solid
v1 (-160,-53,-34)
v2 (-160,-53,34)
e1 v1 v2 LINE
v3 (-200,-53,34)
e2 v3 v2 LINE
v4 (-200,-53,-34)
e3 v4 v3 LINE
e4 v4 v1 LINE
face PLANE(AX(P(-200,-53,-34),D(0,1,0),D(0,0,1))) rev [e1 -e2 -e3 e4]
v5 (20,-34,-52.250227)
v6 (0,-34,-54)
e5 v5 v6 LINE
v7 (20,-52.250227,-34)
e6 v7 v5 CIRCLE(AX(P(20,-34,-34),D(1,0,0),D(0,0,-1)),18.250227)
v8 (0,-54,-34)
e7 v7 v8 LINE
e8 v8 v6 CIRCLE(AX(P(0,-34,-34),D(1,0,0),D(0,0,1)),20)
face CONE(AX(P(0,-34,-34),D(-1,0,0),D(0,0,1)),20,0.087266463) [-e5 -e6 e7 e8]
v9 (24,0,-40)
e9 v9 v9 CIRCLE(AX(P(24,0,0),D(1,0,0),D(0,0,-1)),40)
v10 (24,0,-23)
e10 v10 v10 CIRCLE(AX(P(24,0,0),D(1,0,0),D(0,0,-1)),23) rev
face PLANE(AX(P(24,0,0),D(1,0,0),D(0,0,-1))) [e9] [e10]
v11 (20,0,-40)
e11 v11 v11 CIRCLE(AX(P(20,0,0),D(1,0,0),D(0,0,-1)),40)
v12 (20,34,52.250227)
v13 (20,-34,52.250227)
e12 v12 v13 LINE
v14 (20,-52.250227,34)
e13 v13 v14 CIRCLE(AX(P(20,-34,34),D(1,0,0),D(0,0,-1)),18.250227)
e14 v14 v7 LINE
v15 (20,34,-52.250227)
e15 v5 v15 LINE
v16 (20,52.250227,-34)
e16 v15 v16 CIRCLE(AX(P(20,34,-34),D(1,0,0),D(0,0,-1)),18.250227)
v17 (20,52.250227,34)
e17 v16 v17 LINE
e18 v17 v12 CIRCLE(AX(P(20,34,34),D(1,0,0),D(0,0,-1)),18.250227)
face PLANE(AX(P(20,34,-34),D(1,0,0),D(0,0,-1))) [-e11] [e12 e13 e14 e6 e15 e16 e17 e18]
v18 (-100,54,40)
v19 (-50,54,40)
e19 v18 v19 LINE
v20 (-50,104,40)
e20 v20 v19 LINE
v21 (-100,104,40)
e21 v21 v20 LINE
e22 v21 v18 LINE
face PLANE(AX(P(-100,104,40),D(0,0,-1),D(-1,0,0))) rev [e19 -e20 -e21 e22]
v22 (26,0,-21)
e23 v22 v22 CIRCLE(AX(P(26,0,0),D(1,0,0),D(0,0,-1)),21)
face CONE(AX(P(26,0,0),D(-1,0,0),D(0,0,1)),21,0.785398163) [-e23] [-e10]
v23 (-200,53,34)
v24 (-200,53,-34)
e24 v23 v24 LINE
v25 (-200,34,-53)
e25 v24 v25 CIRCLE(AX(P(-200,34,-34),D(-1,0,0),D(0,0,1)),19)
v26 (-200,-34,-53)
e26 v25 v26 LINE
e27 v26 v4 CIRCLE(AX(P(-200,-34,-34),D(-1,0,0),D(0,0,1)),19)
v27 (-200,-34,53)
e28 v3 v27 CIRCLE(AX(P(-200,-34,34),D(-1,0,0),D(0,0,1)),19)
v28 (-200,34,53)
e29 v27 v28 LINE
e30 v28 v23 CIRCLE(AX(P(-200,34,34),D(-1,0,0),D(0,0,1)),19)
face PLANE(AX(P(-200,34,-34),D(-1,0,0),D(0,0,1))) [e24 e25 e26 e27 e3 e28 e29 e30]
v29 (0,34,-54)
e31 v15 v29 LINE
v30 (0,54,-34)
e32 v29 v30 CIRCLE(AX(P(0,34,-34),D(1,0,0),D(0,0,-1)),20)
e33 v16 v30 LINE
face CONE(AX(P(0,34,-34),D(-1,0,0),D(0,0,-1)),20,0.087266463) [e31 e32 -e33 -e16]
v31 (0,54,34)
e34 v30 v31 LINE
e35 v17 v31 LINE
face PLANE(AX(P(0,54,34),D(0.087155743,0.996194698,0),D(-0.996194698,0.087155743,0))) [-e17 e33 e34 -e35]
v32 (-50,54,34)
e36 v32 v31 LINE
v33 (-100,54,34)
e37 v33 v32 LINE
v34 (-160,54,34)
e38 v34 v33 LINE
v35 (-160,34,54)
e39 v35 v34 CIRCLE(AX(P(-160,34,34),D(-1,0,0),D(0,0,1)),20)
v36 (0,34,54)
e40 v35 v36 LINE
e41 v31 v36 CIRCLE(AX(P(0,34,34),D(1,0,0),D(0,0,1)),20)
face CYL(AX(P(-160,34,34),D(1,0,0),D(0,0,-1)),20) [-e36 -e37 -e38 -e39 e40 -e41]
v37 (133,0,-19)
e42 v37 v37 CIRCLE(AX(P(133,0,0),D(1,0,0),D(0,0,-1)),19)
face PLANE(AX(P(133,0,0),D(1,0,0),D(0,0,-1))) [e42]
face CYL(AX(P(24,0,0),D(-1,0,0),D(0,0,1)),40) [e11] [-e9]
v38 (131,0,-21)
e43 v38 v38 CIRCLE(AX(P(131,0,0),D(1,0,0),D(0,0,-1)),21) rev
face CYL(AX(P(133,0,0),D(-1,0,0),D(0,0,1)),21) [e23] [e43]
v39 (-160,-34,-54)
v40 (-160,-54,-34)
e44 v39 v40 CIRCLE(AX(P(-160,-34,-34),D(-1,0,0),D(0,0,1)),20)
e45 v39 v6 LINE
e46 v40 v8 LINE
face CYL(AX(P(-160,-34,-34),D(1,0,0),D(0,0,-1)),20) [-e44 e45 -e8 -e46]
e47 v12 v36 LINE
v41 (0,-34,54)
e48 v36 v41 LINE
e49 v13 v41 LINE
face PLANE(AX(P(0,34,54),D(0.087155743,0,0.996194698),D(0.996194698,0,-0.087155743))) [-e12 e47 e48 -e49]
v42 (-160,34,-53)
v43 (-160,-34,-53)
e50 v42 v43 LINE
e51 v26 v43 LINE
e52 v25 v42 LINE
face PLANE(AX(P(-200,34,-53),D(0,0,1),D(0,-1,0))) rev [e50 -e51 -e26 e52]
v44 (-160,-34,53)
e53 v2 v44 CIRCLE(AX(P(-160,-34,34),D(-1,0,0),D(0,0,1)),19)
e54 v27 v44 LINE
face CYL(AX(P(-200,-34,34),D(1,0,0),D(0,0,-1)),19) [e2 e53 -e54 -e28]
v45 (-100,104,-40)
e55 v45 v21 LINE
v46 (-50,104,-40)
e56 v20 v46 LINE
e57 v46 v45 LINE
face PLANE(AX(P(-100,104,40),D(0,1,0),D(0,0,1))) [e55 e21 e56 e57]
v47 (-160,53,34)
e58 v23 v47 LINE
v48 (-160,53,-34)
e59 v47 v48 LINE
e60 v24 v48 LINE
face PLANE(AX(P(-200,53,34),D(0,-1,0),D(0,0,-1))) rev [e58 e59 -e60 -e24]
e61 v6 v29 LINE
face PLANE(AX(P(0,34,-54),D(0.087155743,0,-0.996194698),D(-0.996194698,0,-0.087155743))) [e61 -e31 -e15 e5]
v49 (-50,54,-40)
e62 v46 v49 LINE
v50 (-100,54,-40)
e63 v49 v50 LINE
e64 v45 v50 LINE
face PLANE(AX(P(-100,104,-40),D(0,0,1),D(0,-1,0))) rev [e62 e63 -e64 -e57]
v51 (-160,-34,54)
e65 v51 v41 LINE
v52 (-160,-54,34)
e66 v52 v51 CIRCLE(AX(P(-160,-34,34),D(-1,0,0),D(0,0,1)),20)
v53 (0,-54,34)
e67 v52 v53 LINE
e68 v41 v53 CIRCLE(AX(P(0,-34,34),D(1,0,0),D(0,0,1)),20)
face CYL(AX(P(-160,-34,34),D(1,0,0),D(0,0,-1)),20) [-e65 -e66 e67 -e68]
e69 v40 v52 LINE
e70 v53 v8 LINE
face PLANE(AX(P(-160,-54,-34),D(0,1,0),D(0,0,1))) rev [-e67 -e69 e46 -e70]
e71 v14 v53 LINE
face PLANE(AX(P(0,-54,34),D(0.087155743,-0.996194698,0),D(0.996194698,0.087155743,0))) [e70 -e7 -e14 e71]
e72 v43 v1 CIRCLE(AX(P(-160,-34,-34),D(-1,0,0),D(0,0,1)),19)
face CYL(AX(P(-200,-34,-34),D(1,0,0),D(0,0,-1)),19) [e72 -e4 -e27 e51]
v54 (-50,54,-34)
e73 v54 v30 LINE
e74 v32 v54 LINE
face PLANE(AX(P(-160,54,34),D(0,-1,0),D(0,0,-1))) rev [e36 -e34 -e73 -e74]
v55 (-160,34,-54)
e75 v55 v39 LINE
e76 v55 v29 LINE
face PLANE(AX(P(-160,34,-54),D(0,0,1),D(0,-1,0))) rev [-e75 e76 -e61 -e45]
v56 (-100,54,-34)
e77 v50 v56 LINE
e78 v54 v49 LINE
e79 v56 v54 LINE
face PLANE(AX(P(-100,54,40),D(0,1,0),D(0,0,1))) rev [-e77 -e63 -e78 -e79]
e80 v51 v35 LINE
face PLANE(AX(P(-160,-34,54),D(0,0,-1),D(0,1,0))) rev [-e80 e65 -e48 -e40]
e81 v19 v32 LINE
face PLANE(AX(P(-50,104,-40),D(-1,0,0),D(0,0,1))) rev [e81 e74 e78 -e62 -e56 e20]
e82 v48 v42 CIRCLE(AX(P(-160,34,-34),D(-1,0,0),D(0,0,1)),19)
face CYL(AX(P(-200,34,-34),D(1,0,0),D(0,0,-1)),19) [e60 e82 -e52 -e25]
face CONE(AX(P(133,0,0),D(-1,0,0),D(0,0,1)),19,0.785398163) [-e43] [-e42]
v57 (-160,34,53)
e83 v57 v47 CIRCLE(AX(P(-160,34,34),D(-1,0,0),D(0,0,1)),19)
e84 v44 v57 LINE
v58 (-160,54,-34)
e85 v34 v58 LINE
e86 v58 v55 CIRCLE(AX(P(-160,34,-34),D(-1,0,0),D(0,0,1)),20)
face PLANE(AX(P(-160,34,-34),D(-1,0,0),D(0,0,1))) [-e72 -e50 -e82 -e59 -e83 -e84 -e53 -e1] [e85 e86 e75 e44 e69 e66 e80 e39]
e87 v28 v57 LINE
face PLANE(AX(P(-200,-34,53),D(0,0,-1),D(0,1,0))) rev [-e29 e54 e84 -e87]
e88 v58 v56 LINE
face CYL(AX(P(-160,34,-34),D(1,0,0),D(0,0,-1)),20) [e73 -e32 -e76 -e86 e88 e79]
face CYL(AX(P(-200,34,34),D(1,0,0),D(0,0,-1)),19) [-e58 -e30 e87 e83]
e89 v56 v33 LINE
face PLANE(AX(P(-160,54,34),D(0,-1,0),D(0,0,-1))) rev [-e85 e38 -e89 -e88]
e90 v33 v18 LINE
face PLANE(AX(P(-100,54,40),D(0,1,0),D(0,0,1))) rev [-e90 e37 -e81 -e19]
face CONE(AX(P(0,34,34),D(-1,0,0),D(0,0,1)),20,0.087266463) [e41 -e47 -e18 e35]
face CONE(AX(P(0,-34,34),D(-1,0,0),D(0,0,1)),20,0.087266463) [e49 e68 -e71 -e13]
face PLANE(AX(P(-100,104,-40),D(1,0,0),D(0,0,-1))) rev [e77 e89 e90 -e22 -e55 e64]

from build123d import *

# Parameters (mm, degrees)
EXTRUDE_1_DEPTH = 20
EXTRUDE_1_TAPER = 5
SKETCH_2_R      = 40
EXTRUDE_2_DEPTH = 4
SKETCH_3_R      = 21
EXTRUDE_3_DEPTH = 109
CHAMFER_1_SIZE  = 2
CHAMFER_2_SIZE  = 2
EXTRUDE_5_DEPTH = 160
SKETCH_7_W      = 50
SKETCH_7_H      = 80
EXTRUDE_6_DEPTH = 50
EXTRUDE_7_DEPTH = 40


with BuildPart() as part:
    # 草圖1 → 伸長1 (new body)
    with BuildSketch(Plane(origin=(0, 0, 0), x_dir=(0, 0, -1), z_dir=(1, 0, 0))):
        with BuildLine():
            ThreePointArc((-34, 54), (-48.142135624, 48.142135624), (-54, 34))
            Line((-54, 34), (-54, -34))
            ThreePointArc((-54, -34), (-48.142135624, -48.142135624), (-34, -54))
            Line((-34, -54), (34, -54))
            ThreePointArc((34, -54), (48.142135624, -48.142135624), (54, -34))
            Line((54, -34), (54, 34))
            ThreePointArc((54, 34), (48.142135624, 48.142135624), (34, 54))
            Line((34, 54), (-34, 54))
        make_face()
    extrude(amount=EXTRUDE_1_DEPTH, taper=EXTRUDE_1_TAPER)

    # 草圖2 → 伸長2 (add)
    with BuildSketch(Plane(origin=(20, 0, 0), x_dir=(0, 0, -1), z_dir=(1, 0, 0))):
        Circle(SKETCH_2_R)
    extrude(amount=EXTRUDE_2_DEPTH)

    # 草圖3 → 伸長3 (add)
    with BuildSketch(Plane(origin=(24, 0, 0), x_dir=(0, 0, -1), z_dir=(1, 0, 0))):
        Circle(SKETCH_3_R)
    extrude(amount=EXTRUDE_3_DEPTH)

    # 導角1
    chamfer_1_edges = [part.edges().sort_by_distance(p)[0] for p in [
        (24, 0, 21),
    ]]
    chamfer(chamfer_1_edges, length=CHAMFER_1_SIZE)

    # 導角2
    chamfer_2_edges = [part.edges().sort_by_distance(p)[0] for p in [
        (133, 0, 21),
    ]]
    chamfer(chamfer_2_edges, length=CHAMFER_2_SIZE)

    # 草圖6 → 伸長5 (add)
    with BuildSketch(Plane.ZY):
        with BuildLine():
            Line((-54, 34), (-54, -34))
            ThreePointArc((-54, -34), (-48.142135624, -48.142135624), (-34, -54))
            Line((-34, -54), (34, -54))
            ThreePointArc((34, -54), (48.142135624, -48.142135624), (54, -34))
            Line((54, -34), (54, 34))
            ThreePointArc((54, 34), (48.142135624, 48.142135624), (34, 54))
            Line((34, 54), (-34, 54))
            ThreePointArc((-34, 54), (-48.142135624, 48.142135624), (-54, 34))
        make_face()
    extrude(amount=EXTRUDE_5_DEPTH)

    # 草圖7 → 伸長6 (add)
    with BuildSketch(Plane(origin=(0, 54, 0), x_dir=(1, 0, 0), z_dir=(0, 1, 0))):
        with Locations((-75, 0)):
            Rectangle(SKETCH_7_W, SKETCH_7_H)
    extrude(amount=EXTRUDE_6_DEPTH)

    # 草圖8 → 伸長7 (add)
    with BuildSketch(Plane.ZY.offset(160)):
        with BuildLine():
            Line((-53, 34), (-53, -34))
            ThreePointArc((-53, -34), (-47.435028843, -47.435028843), (-34, -53))
            Line((-34, -53), (34, -53))
            ThreePointArc((34, -53), (47.435028843, -47.435028843), (53, -34))
            Line((53, -34), (53, 34))
            ThreePointArc((53, 34), (47.435028843, 47.435028843), (34, 53))
            Line((34, 53), (-34, 53))
            ThreePointArc((-34, 53), (-47.435028843, 47.435028843), (-53, 34))
        make_face()
    extrude(amount=EXTRUDE_7_DEPTH)


solid = part.part
